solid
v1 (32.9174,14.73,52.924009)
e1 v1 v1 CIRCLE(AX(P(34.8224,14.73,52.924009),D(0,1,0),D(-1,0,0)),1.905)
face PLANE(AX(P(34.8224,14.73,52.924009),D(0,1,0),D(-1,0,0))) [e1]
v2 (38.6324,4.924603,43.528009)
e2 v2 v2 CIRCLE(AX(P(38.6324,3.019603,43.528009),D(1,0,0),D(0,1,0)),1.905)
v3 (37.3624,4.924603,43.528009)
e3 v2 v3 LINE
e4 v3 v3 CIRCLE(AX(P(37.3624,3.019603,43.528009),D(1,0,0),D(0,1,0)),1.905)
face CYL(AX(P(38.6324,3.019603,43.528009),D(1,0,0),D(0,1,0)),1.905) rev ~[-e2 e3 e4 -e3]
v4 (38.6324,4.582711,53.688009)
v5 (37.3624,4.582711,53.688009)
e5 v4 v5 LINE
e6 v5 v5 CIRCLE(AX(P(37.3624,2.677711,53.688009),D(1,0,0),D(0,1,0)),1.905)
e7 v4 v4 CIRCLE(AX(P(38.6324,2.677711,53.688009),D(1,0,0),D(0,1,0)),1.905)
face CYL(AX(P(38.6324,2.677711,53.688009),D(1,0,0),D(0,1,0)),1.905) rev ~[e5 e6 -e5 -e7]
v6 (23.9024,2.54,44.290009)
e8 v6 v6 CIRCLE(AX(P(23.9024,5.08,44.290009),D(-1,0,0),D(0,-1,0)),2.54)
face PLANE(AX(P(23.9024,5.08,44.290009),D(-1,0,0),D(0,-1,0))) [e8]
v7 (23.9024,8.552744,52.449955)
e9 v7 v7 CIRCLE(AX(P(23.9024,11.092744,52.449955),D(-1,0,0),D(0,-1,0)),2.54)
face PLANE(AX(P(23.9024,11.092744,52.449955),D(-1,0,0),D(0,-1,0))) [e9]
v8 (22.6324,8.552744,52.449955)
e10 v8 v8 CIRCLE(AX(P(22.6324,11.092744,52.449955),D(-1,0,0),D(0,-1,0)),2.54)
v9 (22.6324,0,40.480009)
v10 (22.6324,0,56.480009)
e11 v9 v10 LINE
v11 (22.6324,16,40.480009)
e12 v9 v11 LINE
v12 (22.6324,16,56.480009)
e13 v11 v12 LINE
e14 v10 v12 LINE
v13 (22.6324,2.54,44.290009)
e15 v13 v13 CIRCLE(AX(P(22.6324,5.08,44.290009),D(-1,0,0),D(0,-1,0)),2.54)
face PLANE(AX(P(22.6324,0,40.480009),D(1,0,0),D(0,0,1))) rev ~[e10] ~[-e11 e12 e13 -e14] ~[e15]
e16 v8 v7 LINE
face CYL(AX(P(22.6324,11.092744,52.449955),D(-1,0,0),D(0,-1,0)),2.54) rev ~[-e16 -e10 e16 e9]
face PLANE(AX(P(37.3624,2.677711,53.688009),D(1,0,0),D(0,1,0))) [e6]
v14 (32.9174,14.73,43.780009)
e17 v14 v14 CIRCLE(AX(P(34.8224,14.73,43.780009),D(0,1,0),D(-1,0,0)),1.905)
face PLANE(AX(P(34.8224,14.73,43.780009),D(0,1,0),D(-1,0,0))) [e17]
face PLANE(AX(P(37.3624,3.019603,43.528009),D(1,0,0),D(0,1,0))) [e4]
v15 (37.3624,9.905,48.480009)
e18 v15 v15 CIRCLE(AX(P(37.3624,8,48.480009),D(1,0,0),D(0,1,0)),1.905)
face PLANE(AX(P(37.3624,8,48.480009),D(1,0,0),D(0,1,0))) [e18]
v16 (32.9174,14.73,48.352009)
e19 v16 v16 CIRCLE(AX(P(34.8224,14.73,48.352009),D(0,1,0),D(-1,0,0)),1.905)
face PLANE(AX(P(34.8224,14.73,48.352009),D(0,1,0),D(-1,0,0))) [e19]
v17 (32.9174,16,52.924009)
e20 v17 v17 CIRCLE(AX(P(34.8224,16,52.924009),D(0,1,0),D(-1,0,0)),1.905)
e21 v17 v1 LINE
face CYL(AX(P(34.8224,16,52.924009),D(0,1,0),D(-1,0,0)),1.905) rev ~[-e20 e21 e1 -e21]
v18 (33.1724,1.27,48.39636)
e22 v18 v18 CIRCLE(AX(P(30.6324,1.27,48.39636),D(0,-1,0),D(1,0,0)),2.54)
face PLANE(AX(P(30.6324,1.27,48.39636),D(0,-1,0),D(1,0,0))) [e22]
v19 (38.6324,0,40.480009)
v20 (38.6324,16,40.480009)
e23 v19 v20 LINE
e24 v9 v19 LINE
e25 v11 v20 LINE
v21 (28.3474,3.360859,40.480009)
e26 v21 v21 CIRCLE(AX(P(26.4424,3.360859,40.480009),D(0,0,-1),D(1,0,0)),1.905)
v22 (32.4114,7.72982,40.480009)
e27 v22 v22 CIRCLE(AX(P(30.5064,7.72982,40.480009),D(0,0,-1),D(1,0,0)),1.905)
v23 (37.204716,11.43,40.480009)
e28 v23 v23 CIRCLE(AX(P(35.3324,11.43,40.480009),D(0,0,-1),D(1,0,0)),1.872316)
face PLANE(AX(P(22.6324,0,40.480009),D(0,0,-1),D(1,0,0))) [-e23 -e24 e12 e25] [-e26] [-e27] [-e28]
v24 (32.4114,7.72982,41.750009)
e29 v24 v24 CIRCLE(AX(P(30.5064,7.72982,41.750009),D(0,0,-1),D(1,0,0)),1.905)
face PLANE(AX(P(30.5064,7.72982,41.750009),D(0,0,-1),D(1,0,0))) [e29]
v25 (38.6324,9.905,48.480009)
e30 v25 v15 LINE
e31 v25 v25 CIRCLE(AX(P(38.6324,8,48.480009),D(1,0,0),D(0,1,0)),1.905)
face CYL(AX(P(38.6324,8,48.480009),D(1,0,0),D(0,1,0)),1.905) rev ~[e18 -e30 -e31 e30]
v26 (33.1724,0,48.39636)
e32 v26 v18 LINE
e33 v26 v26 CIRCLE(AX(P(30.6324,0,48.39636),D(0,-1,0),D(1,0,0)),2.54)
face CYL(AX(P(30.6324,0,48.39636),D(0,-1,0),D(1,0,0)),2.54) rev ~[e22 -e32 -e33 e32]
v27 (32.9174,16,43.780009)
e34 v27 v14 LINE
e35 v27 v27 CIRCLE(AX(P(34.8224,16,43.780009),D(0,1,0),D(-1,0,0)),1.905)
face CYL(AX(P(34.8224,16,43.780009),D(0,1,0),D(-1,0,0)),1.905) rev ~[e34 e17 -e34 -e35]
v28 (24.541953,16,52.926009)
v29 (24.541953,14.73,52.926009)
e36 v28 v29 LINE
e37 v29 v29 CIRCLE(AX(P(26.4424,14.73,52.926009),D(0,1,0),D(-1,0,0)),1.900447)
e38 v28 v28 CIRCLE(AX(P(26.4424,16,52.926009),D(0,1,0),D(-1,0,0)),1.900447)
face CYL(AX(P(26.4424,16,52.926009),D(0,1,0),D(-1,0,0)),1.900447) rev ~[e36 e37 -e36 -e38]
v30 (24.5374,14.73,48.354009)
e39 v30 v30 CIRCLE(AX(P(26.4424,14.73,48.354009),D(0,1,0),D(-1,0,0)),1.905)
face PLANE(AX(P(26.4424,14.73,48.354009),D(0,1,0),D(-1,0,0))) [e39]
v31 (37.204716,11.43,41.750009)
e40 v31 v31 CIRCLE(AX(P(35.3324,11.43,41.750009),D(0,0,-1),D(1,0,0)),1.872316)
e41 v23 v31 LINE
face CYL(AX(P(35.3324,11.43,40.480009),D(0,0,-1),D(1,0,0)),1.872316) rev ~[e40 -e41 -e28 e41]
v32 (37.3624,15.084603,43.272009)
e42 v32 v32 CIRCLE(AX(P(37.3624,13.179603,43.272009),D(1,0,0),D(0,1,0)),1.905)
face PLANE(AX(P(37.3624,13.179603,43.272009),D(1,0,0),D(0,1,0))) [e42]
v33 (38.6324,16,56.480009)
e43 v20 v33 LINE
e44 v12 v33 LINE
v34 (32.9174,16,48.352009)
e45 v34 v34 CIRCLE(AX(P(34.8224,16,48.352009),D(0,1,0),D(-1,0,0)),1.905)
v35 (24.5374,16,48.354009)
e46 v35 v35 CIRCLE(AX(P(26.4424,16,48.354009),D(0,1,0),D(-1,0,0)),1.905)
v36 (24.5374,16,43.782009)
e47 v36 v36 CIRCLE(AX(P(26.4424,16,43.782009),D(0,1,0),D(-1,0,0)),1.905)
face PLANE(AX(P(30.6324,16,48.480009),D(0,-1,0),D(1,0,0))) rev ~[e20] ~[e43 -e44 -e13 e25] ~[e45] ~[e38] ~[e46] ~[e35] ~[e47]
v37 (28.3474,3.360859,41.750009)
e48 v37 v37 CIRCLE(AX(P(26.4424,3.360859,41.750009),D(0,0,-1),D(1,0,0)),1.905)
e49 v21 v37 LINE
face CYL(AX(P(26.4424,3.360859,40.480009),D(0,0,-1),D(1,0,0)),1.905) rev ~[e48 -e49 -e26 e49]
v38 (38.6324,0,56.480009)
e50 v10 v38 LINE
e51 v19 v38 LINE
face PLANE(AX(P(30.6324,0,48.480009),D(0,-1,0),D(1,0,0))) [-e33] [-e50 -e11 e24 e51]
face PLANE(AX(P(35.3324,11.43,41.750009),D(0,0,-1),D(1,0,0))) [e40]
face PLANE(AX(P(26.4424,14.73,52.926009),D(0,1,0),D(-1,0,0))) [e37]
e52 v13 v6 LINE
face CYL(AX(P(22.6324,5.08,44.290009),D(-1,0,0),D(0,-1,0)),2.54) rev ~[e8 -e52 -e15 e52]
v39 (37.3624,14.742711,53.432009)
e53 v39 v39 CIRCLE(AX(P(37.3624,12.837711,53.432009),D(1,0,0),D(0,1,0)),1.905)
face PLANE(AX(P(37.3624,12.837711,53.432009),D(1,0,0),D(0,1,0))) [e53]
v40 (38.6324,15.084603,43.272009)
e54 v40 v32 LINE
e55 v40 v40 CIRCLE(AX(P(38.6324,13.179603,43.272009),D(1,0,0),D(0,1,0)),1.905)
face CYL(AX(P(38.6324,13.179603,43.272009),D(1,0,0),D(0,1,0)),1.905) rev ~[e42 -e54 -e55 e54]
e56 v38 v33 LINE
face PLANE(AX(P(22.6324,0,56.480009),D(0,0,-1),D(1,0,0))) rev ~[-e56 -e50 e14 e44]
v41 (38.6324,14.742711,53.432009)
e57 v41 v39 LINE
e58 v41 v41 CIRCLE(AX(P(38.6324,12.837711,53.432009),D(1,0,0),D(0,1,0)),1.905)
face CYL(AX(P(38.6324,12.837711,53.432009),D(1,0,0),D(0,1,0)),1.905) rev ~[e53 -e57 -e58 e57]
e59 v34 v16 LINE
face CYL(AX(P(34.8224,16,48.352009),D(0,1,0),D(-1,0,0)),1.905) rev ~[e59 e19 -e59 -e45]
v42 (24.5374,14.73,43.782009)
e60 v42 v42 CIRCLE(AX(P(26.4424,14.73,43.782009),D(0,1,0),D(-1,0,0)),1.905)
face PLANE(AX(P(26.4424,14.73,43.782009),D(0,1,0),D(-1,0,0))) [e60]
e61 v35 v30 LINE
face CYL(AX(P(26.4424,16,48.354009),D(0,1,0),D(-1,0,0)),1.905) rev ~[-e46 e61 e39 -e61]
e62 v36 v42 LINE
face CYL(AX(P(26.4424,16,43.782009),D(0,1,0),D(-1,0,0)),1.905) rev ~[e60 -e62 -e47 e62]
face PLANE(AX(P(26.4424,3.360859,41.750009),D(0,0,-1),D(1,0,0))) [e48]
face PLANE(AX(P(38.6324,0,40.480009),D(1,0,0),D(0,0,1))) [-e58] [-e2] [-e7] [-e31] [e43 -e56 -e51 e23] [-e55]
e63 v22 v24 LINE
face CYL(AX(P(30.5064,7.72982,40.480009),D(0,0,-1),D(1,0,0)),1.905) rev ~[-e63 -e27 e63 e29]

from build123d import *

# Parameters (mm, degrees)
F0_W      = 16
F0_H      = 16
F1_DEPTH  = 16
F2_R      = 2.54
F2_R_2    = 0.083649
F3_DEPTH  = 1.27
F3_FACE_R = 0.083649
F4_DEPTH  = 1.27
F5_R      = 2.54
F6_DEPTH  = 1.27
F7_DEPTH  = 1.27
F8_R      = 1.905
F8_R_2    = 1.900447
F9_DEPTH  = 1.27
F10_R     = 1.905
F11_DEPTH = 1.27
F12_R     = 1.872316
F12_R_2   = 1.905
F14_DEPTH = 1.27


with BuildPart() as f1:
    # F0 (on Front) → F1 (new body)
    with BuildSketch(Plane.XZ):
        with Locations((30.6324, 48.480009)):
            Rectangle(F0_W, F0_H)
    extrude(amount=-F1_DEPTH)

    # F2 (on face) → F3 (cut)
    with BuildSketch(Plane.XZ):
        with Locations((30.6324, 48.39636)):
            Circle(F2_R)
        with Locations((30.6324, 48.39636)):
            Circle(F2_R_2, mode=Mode.SUBTRACT)
    extrude(amount=-F3_DEPTH, mode=Mode.SUBTRACT)

    # F3_face (on face) → F4 (cut)
    with BuildSketch(Plane(origin=(30.6324, 0, 48.39636), x_dir=(1, 0, 0), z_dir=(0, -1, 0))):
        Circle(F3_FACE_R)
    extrude(amount=-F4_DEPTH, mode=Mode.SUBTRACT)

    # F5 (on face) → F6 (cut)
    with BuildSketch(Plane(origin=(22.6324, 0, 0), x_dir=(0, -1, 0), z_dir=(-1, 0, 0))):
        with Locations((-11.092744, 52.449955)):
            Circle(F5_R)
    extrude(amount=-F6_DEPTH, mode=Mode.SUBTRACT)

    # F5 (on face) → F7 (cut)
    with BuildSketch(Plane(origin=(22.6324, 0, 0), x_dir=(0, -1, 0), z_dir=(-1, 0, 0))):
        with Locations((-11.092744, 52.449955)):
            Circle(F5_R)
        with Locations((-5.08, 44.290009)):
            Circle(F5_R)
    extrude(amount=-F7_DEPTH, mode=Mode.SUBTRACT)

    # F8 (on face) → F9 (cut)
    with BuildSketch(Plane(origin=(0, 16, 0), x_dir=(-1, 0, 0), z_dir=(0, 1, 0))):
        with Locations((-34.8224, 52.924009)):
            Circle(F8_R)
        with Locations((-34.8224, 48.352009)):
            Circle(F8_R)
        with Locations((-34.8224, 43.780009)):
            Circle(F8_R)
        with Locations((-26.4424, 52.926009)):
            Circle(F8_R_2)
        with Locations((-26.4424, 43.782009)):
            Circle(F8_R)
        with Locations((-26.4424, 48.354009)):
            Circle(F8_R)
    extrude(amount=-F9_DEPTH, mode=Mode.SUBTRACT)

    # F10 (on face) → F11 (cut)
    with BuildSketch(Plane.YZ.offset(38.6324)):
        with Locations((8, 48.480009)):
            Circle(F10_R)
        with Locations((2.677711, 53.688009)):
            Circle(F10_R)
        with Locations((12.837711, 53.432009)):
            Circle(F10_R)
        with Locations((13.179603, 43.272009)):
            Circle(F10_R)
        with Locations((3.019603, 43.528009)):
            Circle(F10_R)
    extrude(amount=-F11_DEPTH, mode=Mode.SUBTRACT)

    # F12 (on face) → F14 (cut)
    with BuildSketch(Plane(origin=(0, 0, 40.480009), x_dir=(1, 0, 0), z_dir=(0, 0, -1))):
        with Locations((35.3324, -11.43)):
            Circle(F12_R)
        with Locations((30.5064, -7.72982)):
            Circle(F12_R_2)
        with Locations((26.4424, -3.360859)):
            Circle(F12_R_2)
    extrude(amount=-F14_DEPTH, mode=Mode.SUBTRACT)


solid = f1.part
